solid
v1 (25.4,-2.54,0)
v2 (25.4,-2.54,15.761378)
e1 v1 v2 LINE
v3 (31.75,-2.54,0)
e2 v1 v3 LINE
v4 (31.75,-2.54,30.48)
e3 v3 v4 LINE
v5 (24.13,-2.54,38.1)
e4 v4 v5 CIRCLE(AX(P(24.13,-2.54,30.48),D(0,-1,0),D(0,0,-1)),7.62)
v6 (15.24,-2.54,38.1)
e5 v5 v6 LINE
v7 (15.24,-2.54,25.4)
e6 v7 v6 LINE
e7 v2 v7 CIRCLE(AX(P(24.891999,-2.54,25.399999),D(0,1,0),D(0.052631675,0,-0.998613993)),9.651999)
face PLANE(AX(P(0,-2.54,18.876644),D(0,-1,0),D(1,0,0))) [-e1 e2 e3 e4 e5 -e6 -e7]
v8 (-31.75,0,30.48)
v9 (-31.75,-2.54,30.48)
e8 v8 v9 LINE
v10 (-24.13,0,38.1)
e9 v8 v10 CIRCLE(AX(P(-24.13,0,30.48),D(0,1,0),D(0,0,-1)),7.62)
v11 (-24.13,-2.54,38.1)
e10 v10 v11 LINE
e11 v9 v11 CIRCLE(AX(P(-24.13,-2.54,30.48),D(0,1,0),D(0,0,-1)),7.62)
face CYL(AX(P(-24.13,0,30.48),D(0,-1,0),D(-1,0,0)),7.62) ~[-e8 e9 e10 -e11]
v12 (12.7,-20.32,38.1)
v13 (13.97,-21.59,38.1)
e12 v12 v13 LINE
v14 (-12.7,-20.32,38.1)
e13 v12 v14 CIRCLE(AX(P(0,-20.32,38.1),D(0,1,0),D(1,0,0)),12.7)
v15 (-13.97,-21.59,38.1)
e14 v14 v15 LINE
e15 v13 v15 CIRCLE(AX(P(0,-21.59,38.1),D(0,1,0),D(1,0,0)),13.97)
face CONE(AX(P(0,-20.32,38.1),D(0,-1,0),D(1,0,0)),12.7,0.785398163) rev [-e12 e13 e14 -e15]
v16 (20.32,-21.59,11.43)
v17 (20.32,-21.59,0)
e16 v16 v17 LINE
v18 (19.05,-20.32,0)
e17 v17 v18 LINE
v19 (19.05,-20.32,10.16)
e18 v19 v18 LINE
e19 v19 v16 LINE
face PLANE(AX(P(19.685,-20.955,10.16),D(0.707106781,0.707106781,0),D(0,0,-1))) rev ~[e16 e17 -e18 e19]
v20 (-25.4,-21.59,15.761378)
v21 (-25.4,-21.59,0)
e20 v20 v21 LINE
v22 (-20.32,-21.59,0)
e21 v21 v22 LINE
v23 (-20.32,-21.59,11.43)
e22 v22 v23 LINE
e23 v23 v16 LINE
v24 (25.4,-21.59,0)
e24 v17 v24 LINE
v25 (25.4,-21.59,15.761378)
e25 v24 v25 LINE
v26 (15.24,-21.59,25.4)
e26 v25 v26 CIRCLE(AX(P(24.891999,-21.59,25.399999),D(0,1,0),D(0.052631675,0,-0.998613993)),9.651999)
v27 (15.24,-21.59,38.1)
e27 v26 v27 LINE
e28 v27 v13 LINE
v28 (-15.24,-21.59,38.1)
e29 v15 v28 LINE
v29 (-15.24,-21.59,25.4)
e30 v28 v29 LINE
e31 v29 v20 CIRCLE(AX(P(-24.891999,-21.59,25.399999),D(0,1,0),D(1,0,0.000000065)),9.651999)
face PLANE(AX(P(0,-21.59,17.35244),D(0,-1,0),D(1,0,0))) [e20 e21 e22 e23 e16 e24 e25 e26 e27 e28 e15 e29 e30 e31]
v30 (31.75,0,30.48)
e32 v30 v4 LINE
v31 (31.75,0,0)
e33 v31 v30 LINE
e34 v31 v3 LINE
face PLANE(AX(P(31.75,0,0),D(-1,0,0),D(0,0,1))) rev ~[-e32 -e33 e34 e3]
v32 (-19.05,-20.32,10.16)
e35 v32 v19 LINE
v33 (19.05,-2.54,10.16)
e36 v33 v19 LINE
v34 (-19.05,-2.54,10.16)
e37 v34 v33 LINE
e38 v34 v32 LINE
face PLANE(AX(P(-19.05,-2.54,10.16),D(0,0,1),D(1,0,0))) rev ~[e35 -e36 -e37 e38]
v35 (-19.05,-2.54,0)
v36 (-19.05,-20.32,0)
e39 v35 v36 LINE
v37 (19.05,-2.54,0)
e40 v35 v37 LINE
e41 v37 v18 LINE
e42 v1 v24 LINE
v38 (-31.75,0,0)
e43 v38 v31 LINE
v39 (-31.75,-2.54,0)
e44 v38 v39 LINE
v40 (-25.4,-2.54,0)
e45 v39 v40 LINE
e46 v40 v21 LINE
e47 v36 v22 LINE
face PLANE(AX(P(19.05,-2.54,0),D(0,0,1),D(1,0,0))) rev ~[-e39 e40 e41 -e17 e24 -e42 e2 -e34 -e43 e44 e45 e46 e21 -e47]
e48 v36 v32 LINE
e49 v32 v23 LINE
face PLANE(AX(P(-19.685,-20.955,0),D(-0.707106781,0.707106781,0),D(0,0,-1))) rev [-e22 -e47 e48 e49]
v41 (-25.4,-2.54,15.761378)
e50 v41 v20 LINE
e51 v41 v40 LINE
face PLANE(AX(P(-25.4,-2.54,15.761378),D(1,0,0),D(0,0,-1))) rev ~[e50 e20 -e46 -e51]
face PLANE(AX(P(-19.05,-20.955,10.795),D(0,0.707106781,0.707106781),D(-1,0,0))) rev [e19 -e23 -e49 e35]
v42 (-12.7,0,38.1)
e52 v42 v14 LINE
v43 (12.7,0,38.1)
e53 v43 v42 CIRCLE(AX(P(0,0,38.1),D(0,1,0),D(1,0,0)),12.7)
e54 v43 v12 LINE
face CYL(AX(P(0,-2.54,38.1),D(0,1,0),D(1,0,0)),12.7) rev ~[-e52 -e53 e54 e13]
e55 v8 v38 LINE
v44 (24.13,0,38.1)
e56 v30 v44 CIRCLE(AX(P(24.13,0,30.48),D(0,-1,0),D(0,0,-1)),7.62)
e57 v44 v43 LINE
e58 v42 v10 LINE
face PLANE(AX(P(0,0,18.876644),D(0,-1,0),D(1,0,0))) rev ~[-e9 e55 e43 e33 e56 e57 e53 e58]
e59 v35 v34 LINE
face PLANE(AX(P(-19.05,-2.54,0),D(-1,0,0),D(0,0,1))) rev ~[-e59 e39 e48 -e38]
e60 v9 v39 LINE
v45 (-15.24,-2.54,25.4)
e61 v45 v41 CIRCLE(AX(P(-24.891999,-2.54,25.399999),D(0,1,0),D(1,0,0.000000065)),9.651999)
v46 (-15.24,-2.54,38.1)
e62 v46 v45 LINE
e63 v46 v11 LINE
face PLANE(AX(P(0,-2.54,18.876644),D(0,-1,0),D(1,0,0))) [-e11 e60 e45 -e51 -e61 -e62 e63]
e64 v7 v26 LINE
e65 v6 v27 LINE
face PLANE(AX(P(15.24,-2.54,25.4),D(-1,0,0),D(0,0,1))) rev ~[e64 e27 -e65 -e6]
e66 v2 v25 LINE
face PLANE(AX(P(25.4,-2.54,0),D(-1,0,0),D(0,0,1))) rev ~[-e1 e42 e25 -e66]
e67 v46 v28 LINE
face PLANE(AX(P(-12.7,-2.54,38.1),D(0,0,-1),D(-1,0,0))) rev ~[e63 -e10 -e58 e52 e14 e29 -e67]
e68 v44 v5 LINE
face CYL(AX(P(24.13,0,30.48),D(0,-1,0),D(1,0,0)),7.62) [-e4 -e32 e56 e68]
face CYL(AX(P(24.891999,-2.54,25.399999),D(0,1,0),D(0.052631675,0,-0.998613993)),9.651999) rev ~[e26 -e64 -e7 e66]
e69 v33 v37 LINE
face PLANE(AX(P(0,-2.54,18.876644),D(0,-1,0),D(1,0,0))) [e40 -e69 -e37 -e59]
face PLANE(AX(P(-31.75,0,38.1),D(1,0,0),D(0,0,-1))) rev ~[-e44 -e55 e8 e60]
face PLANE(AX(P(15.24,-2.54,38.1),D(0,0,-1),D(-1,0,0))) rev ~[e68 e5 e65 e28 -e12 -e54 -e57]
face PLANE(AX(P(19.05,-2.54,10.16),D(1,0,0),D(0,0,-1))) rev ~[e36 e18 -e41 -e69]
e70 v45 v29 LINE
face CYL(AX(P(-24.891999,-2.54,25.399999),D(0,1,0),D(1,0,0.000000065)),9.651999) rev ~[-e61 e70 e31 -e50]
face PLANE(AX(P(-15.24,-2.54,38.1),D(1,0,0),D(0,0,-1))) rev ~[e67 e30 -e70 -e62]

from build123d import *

# Parameters (mm, degrees)
F1_DEPTH = 2.54
F3_DEPTH = 19.05
F4_SIZE  = 1.27
F5_R     = 7.62


with BuildPart() as f1:
    # F0 (on Front) → F1 (new body)
    with BuildSketch(Plane.XZ):
        with BuildLine():
            Line((-31.75, 38.1), (-31.75, 0))
            Line((-31.75, 0), (31.75, 0))
            Line((31.75, 0), (31.75, 38.1))
            Line((31.75, 38.1), (12.7, 38.1))
            ThreePointArc((12.7, 38.1), (0, 25.4), (-12.7, 38.1))
            Line((-12.7, 38.1), (-31.75, 38.1))
        make_face()
    extrude(amount=F1_DEPTH)

    # F2 (on face) → F3 (join)
    with BuildSketch(Plane.XZ.offset(2.54)):
        with BuildLine():
            Line((19.05, 0), (25.4, 0))
            Line((25.4, 0), (25.4, 15.761378))
            ThreePointArc((25.4, 15.761378), (18.249038, 18.397703), (15.24, 25.4))
            Line((15.24, 25.4), (15.24, 38.1))
            Line((15.24, 38.1), (12.7, 38.1))
            ThreePointArc((12.7, 38.1), (0, 25.4), (-12.7, 38.1))
            Line((-12.7, 38.1), (-15.24, 38.1))
            Line((-15.24, 38.1), (-15.24, 25.4))
            ThreePointArc((-15.24, 25.4), (-18.249038, 18.397703), (-25.4, 15.761378))
            Line((-25.4, 15.761378), (-25.4, 0))
            Line((-25.4, 0), (-19.05, 0))
            Line((-19.05, 0), (-19.05, 10.16))
            Line((-19.05, 10.16), (19.05, 10.16))
            Line((19.05, 10.16), (19.05, 0))
        make_face()
    extrude(amount=F3_DEPTH)

    # F4
    f4_edges = [f1.edges().sort_by_distance(p)[0] for p in [
        (0, -21.59, 10.16),
        (-19.05, -21.59, 5.08),
        (19.05, -21.59, 5.08),
        (0, -21.59, 25.4),
    ]]
    chamfer(f4_edges, length=F4_SIZE)

    # F5
    f5_edges = [f1.edges().sort_by_distance(p)[0] for p in [
        (-31.75, -1.27, 38.1),
        (31.75, -1.27, 38.1),
    ]]
    fillet(f5_edges, radius=F5_R)


solid = f1.part
